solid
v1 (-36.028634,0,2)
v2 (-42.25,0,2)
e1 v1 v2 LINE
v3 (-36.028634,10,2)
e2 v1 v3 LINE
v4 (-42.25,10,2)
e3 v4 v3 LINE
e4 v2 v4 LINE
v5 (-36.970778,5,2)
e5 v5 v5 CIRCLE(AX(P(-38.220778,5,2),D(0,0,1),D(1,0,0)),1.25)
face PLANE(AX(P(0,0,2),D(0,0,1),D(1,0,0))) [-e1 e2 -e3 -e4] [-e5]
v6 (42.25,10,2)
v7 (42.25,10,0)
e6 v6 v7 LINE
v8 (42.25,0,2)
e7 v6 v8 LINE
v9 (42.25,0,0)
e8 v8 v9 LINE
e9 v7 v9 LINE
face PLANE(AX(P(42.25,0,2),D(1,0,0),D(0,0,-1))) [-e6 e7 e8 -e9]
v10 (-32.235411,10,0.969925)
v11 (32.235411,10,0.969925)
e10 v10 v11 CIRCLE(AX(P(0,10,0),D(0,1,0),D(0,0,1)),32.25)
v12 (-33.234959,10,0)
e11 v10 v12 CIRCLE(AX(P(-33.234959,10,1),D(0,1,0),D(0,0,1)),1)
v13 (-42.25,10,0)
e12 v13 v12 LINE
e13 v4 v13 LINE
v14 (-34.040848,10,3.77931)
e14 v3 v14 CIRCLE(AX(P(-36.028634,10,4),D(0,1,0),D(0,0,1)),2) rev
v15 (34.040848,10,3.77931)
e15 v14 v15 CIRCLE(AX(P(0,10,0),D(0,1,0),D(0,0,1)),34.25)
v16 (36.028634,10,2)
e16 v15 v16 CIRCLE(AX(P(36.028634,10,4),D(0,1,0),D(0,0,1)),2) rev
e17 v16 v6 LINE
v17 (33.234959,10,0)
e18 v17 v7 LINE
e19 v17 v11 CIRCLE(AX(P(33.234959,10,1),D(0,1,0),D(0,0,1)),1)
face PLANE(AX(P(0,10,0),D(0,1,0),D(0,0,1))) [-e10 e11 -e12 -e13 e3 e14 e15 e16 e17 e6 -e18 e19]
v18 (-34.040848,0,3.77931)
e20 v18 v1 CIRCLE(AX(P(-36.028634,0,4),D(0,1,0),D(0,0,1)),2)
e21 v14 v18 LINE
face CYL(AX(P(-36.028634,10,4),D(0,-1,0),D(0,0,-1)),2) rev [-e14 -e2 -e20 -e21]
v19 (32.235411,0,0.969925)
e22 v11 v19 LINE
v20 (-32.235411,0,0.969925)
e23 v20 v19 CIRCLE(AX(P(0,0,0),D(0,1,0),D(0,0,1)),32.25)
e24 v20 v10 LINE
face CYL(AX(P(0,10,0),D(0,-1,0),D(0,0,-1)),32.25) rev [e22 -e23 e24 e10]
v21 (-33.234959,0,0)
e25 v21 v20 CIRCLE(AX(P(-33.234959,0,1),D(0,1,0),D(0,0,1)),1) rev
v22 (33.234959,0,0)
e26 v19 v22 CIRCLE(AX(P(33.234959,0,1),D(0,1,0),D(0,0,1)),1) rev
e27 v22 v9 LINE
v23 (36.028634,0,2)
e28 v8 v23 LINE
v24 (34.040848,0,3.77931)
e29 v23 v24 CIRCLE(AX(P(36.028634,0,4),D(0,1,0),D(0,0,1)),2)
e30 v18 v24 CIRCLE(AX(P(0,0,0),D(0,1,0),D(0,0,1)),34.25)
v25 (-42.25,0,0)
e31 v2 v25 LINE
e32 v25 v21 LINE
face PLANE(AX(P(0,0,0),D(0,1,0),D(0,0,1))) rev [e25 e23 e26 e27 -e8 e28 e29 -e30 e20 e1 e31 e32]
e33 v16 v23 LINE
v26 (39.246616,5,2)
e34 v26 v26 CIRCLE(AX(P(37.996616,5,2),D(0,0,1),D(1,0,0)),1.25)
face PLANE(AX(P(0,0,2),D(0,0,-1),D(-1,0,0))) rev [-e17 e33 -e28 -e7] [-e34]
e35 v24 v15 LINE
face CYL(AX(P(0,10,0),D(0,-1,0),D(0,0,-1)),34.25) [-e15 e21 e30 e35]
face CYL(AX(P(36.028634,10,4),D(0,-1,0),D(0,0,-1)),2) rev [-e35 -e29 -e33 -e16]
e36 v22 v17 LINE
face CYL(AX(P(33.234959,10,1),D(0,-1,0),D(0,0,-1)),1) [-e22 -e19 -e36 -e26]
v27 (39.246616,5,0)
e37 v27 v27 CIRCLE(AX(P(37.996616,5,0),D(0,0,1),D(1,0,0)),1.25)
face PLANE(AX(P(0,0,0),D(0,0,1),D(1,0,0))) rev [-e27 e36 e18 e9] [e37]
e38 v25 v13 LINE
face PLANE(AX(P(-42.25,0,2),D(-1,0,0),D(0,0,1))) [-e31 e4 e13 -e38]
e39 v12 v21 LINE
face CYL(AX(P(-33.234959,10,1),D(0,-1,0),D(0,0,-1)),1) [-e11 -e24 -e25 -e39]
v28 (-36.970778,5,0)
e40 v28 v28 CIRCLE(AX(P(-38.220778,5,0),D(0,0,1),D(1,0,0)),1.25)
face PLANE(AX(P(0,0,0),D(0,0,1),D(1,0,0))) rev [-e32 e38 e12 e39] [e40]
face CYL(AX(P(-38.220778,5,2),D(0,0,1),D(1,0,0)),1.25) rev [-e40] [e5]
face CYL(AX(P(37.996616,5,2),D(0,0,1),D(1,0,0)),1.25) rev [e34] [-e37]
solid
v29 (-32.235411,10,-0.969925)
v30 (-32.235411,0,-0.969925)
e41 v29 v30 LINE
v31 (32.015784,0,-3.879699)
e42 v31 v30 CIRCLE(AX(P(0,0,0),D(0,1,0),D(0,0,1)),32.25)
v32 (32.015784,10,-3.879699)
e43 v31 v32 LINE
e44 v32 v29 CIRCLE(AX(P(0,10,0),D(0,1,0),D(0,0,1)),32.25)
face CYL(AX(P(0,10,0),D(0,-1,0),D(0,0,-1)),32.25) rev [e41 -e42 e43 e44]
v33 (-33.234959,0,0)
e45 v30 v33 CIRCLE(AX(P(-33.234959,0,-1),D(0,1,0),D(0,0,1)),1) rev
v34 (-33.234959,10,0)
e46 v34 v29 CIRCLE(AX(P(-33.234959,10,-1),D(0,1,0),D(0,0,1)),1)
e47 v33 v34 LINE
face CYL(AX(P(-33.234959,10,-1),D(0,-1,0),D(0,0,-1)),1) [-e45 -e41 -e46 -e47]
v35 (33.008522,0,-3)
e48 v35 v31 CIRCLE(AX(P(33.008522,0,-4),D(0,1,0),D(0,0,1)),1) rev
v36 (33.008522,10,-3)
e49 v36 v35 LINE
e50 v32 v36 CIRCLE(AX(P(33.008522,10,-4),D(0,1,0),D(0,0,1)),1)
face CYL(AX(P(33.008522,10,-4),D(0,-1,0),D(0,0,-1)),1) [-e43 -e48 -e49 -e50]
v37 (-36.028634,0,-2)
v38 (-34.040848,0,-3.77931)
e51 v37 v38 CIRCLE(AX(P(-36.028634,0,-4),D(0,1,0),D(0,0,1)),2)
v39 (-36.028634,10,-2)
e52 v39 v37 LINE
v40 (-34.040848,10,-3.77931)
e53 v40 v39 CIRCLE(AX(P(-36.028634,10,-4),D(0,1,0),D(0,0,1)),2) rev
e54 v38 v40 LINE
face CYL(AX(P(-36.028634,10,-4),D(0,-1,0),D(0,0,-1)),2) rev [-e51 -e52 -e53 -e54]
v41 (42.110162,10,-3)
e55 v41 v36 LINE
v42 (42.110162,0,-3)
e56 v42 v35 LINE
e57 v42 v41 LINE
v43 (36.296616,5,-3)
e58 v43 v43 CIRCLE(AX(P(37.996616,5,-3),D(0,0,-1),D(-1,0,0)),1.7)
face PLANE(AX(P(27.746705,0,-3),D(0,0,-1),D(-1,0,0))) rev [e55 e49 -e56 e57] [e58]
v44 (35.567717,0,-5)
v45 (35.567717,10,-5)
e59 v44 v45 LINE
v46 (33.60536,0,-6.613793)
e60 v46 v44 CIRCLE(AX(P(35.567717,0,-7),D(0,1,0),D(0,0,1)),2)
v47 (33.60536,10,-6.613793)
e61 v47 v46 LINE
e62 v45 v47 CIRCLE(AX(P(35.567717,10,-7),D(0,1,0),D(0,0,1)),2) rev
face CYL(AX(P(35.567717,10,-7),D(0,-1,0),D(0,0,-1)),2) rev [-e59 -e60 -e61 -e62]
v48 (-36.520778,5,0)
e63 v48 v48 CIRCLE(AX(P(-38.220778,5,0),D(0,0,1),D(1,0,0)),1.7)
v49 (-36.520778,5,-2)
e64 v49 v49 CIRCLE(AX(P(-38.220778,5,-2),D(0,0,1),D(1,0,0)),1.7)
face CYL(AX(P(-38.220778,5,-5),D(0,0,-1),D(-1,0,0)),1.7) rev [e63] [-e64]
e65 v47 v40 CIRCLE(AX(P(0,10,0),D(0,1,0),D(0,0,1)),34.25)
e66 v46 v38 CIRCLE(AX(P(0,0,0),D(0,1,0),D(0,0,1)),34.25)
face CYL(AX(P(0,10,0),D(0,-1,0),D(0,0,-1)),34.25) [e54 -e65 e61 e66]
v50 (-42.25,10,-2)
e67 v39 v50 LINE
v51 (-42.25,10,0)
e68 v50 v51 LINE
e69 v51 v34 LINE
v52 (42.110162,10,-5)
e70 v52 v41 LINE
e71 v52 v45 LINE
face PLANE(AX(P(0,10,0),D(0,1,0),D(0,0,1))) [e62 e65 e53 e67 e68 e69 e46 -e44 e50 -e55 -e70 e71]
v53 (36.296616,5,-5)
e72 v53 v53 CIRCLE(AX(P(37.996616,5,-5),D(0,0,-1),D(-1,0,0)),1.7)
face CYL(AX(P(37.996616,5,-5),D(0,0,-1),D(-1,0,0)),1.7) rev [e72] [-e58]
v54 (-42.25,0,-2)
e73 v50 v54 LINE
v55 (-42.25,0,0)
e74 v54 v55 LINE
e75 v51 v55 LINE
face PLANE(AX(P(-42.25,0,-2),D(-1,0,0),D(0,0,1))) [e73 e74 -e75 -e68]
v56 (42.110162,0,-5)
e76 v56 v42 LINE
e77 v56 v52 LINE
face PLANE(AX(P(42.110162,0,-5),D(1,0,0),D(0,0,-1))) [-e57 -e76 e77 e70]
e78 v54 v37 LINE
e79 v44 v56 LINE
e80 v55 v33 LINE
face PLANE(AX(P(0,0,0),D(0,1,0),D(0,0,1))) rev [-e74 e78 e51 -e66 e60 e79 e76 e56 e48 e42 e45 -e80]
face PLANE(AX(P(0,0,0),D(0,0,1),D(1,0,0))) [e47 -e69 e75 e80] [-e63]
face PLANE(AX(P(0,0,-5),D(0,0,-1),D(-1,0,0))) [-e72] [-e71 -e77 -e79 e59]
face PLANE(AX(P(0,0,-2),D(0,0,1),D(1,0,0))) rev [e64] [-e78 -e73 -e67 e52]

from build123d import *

# Parameters (mm, degrees)
SKETCH_1_R                 = 34.25
SKETCH_1_R_2               = 32.25
EXTRUDE_1_DEPTH            = 10
SKETCH_2_W                 = 6.503294728
SKETCH_2_H                 = 3
CUT_EXTRUDE_1_DEPTH        = 50.458315782
SKETCH_5_W                 = 10
SKETCH_5_H                 = 10
EXTRUDE_2_DEPTH            = 2
SKETCH_6_W                 = 10
SKETCH_6_H                 = 10
EXTRUDE_3_DEPTH            = 2
SKETCH_10_W                = 10
SKETCH_10_H                = 10
EXTRUDE_4_DEPTH            = 2
SKETCH_8_W                 = 1.7
SKETCH_8_H                 = 39.25
HOLE_WIZARD_M31_AT_2_COUNT = 2
HOLE_WIZARD_M31_AT_2_PITCH = 76.217394456
M3X0_51_AT_2_COUNT         = 2
M3X0_51_AT_2_PITCH         = 76.217394456
FILLET_1_R                 = 2
FILLET_3_R                 = 1
FILLET_4_R                 = 1
FILLET_5_R                 = 2


with BuildPart() as part:
    # Эскиз1 → Бобышка-Вытянуть1 (new body)
    with BuildSketch(Plane(origin=(0, 0, 0), x_dir=(1, 0, 0), z_dir=(0, 1, 0))):
        with Locations(Location((0, 0, 0), (0, 0, 270))):
            Circle(SKETCH_1_R)
        with Locations(Location((0, 0, 0), (0, 0, 270))):
            Circle(SKETCH_1_R_2, mode=Mode.SUBTRACT)
    extrude(amount=EXTRUDE_1_DEPTH)


with BuildPart() as body_2:
    # Split Bodies 1: the piece on the far side of the plane
    add(part.part)
    split(bisect_by=Plane.XY, keep=Keep.BOTTOM)

    # Эскиз2 → Вырез-Вытянуть1 (cut, through all)
    with BuildSketch(Plane(origin=(0, 10, 0), x_dir=(1, 0, 0), z_dir=(0, 1, 0))):
        with Locations((30.998352636, 1.5)):
            Rectangle(SKETCH_2_W, SKETCH_2_H)
    extrude(amount=-CUT_EXTRUDE_1_DEPTH, mode=Mode.SUBTRACT)

    # Эскиз5 → Бобышка-Вытянуть2 (add)
    with BuildSketch(Plane.XY.offset(-3)):
        with Locations((37.110161943, 5)):
            Rectangle(SKETCH_5_W, SKETCH_5_H)
    extrude(amount=-EXTRUDE_2_DEPTH)

    # Эскиз6 → Бобышка-Вытянуть3 (add)
    with BuildSketch(Plane.XY):
        with Locations((-37.25, 5)):
            Rectangle(SKETCH_6_W, SKETCH_6_H)
    extrude(amount=-EXTRUDE_3_DEPTH)

    # Эскиз8 → Отверстие с зазором M31 (revolve, cut)
    with BuildSketch(Plane(origin=(37.996616469, 5, -5), x_dir=(0, 1, 0), z_dir=(1, 0, 0))):
        with Locations((0.85, 19.625)):
            Rectangle(SKETCH_8_W, SKETCH_8_H)
    hole_wizard_m31 = revolve(axis=Axis((37.996616469, 5, -11.35), (0, 0, 1)), mode=Mode.SUBTRACT)

    # Отверстие с зазором M31 at 2: Отверстие с зазором M31 ×2
    with Locations(*[(-i * HOLE_WIZARD_M31_AT_2_PITCH, 0, 0) for i in range(1, HOLE_WIZARD_M31_AT_2_COUNT)]):
        add(hole_wizard_m31, mode=Mode.SUBTRACT)

    # Скругление1
    fillet_1_edges = [body_2.edges().sort_by_distance(p)[0] for p in [
        (33.883070994, 5, -5),
        (-34.191555975, 5, -2),
    ]]
    fillet(fillet_1_edges, radius=FILLET_1_R)

    # Скругление3
    fillet_3_edges = [body_2.edges().sort_by_distance(p)[0] for p in [
        (32.110161943, 5, -3),
        (-32.25, 5, 0),
    ]]
    fillet(fillet_3_edges, radius=FILLET_3_R)


with BuildPart() as part_1:
    add(part.part)

    # Split Bodies 1
    split(bisect_by=Plane.XY, keep=Keep.TOP)

    # Эскиз10 → Бобышка-Вытянуть4 (add)
    with BuildSketch(Plane(origin=(0, 0, 0), x_dir=(-1, 0, 0), z_dir=(0, 0, -1))):
        with Locations((37.25, 5)):
            Rectangle(SKETCH_10_W, SKETCH_10_H)
        with Locations((-37.25, 5)):
            Rectangle(SKETCH_10_W, SKETCH_10_H)
    extrude(amount=-EXTRUDE_4_DEPTH)

    # Эскиз11 → Отверстие обработанное метчиком M3x0.51 (revolve, cut)
    with BuildSketch(Plane(origin=(37.996616469, 5, 2), x_dir=(0, -1, 0), z_dir=(1, 0, 0))):
        Polygon((0, 0), (0, 9.251075774), (1.25, 8.5), (1.25, 0), align=None)
    m3x0_51 = revolve(axis=Axis((37.996616469, 5, 8.35), (0, 0, -1)), mode=Mode.SUBTRACT)

    # Отверстие обработанное метчиком M3x0.51 at 2: Отверстие обработанное метчиком M3x0.51 ×2
    with Locations(*[(-i * M3X0_51_AT_2_PITCH, 0, 0) for i in range(1, M3X0_51_AT_2_COUNT)]):
        add(m3x0_51, mode=Mode.SUBTRACT)

    # Скругление4
    fillet_4_edges = [part_1.edges().sort_by_distance(p)[0] for p in [
        (-32.25, 5, 0),
        (32.25, 5, 0),
    ]]
    fillet(fillet_4_edges, radius=FILLET_4_R)

    # Скругление5
    fillet_5_edges = [part_1.edges().sort_by_distance(p)[0] for p in [
        (-34.191555975, 5, 2),
        (34.191555975, 5, 2),
    ]]
    fillet(fillet_5_edges, radius=FILLET_5_R)


solid = Compound([body_2.part, part_1.part])
